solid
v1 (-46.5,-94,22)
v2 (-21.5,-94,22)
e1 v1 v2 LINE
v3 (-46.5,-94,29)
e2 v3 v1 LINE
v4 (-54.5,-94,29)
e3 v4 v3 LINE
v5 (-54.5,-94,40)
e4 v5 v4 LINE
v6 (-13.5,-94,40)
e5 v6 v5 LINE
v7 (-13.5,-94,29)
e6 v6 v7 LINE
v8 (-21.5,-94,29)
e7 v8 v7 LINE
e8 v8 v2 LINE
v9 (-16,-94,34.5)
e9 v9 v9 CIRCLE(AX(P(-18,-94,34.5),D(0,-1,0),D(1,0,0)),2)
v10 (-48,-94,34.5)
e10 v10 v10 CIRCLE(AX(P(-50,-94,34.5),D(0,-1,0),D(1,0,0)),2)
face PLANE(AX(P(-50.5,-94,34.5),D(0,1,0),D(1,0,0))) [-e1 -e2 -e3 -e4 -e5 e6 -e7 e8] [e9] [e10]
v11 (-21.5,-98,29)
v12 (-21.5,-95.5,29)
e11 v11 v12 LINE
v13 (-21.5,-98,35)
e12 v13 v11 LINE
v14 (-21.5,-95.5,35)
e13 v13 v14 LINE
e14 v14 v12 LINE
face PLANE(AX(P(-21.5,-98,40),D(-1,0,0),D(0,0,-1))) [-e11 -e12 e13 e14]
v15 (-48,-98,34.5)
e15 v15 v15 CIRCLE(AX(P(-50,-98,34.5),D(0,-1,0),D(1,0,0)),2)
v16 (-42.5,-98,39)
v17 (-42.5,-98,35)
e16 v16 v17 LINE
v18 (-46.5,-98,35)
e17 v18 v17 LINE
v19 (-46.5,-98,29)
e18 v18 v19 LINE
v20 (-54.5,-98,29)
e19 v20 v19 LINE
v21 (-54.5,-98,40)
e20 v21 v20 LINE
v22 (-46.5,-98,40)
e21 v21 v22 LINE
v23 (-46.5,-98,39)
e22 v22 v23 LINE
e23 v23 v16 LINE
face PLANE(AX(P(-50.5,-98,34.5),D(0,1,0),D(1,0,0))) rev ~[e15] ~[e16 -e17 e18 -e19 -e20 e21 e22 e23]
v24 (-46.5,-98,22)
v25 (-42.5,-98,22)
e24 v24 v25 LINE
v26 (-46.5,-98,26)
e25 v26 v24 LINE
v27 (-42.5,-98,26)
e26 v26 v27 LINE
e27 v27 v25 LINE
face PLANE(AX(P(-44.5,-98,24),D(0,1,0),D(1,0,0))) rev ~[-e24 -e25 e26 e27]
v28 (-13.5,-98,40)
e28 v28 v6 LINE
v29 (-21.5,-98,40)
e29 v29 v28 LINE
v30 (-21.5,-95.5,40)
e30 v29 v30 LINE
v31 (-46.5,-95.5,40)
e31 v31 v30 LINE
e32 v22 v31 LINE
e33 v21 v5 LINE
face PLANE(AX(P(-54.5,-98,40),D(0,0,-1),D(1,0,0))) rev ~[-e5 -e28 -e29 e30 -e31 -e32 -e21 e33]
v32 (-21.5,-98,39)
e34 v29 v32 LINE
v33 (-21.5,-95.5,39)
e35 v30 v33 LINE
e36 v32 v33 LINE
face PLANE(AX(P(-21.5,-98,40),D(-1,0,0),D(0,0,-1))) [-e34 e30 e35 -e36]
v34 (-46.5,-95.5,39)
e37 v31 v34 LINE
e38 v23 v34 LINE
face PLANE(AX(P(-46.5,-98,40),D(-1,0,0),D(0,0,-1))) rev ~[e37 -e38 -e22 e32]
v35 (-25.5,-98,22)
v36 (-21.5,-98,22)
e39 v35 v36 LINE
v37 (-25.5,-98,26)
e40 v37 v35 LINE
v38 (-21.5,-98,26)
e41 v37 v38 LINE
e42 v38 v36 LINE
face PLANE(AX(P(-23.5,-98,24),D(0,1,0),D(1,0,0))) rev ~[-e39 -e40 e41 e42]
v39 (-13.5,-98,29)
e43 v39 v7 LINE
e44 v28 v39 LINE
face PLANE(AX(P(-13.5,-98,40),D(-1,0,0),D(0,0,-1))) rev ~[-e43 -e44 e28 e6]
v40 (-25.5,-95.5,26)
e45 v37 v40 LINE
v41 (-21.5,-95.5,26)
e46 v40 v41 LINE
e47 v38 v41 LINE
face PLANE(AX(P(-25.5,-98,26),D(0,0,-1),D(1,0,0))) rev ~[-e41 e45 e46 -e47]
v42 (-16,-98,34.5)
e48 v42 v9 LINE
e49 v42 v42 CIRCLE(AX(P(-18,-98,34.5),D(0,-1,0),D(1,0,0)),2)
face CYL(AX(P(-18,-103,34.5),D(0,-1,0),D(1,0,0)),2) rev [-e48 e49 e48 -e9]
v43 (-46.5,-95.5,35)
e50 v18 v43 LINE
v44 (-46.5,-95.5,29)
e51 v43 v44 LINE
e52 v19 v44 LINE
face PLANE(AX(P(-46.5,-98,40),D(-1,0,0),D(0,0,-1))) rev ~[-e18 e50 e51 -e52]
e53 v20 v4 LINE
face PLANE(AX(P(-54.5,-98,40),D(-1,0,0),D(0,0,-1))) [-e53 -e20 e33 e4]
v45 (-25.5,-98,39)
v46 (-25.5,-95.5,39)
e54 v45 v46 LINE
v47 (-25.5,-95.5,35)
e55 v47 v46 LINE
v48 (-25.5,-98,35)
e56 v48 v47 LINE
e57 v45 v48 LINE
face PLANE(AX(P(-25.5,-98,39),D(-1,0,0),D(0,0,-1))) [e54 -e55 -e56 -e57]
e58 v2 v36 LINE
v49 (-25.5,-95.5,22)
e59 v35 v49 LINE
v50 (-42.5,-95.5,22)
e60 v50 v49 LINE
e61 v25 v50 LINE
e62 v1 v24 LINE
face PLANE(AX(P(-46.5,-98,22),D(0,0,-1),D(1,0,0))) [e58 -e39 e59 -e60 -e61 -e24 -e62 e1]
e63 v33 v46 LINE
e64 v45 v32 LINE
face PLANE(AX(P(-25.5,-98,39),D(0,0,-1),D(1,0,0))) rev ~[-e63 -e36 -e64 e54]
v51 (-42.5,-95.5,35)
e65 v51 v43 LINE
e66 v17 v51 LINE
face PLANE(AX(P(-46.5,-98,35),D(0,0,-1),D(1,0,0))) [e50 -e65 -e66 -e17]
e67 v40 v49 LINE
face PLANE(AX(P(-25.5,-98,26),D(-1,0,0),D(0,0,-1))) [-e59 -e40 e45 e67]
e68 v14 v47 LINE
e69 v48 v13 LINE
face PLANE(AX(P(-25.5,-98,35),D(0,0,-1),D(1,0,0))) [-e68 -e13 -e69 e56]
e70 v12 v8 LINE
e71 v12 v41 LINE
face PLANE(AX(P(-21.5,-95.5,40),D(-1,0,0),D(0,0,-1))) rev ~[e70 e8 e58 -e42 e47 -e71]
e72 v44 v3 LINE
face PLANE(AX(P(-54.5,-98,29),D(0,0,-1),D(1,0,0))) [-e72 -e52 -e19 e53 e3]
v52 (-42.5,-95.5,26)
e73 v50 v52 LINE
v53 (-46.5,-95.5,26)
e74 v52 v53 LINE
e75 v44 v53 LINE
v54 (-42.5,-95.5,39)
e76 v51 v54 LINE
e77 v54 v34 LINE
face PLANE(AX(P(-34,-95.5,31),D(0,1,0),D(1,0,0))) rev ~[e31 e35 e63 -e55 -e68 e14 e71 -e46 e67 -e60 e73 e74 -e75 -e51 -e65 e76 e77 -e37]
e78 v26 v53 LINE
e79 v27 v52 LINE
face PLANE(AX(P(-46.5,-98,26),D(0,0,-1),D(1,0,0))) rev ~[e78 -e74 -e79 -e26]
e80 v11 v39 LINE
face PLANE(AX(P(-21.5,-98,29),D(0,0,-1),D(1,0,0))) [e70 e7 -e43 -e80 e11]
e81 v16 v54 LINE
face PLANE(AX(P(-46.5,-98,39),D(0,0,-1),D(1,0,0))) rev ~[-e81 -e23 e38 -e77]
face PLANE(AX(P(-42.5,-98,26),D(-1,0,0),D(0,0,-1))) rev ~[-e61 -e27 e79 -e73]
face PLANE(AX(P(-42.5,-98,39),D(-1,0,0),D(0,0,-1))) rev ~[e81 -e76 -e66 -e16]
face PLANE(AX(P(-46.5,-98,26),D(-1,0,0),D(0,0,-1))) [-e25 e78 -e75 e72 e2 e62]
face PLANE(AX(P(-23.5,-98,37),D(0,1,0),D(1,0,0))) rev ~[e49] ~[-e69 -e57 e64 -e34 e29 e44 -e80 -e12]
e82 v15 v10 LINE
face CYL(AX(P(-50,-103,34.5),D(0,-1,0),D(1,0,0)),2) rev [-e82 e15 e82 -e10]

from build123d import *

# Parameters (mm, degrees)
CYLINDER399_R          = 2
CYLINDER399_DEPTH      = 13
CYLINDER398_R          = 2
CYLINDER398_DEPTH      = 13
BOX506_W               = 4
BOX506_H               = 4
BOX506_DEPTH           = 4
BOX510_W               = 25
BOX510_H               = 18
BOX510_DEPTH           = 1.5
BOX507_W               = 4
BOX507_H               = 4
BOX507_DEPTH           = 4
BOX509_W               = 4
BOX509_H               = 4
BOX509_DEPTH           = 4
BOX508_W               = 4
BOX508_H               = 4
BOX508_DEPTH           = 4
BOX511_W               = 8
BOX511_H               = 11
BOX511_DEPTH           = 4
BOX512_W               = 8
BOX512_H               = 11
BOX512_DEPTH           = 4
CUT427_PLACEMENT_ANGLE = 90


with BuildPart() as cylinder399:
    # Cylinder399 → Cylinder399 (new body)
    with BuildSketch(Plane(origin=(-48, -69, -5), x_dir=(1, 0, 0), z_dir=(0, 0, 1))):
        Circle(CYLINDER399_R)
    extrude(amount=CYLINDER399_DEPTH)


with BuildPart() as fusion396:
    # Cylinder398 → Cylinder398 (new body)
    with BuildSketch(Plane(origin=(-16, -69, -5), x_dir=(1, 0, 0), z_dir=(0, 0, 1))):
        Circle(CYLINDER398_R)
    extrude(amount=CYLINDER398_DEPTH)

    # Fusion396: union Cylinder399
    add(cylinder399.part)


with BuildPart() as fusion396_1:
    # Fusion396 placement: moved
    add(fusion396.part.moved(Location((-2.5, 50, 51))))


with BuildPart() as box506:
    # Box506 → Box506 (new body)
    with BuildSketch(Plane(origin=(-26, -10.5, 51), x_dir=(1, 0, 0), z_dir=(0, 0, 1))):
        with Locations((2, 2)):
            Rectangle(BOX506_W, BOX506_H)
    extrude(amount=BOX506_DEPTH)


with BuildPart() as box510:
    # Box510 → Box510 (new body)
    with BuildSketch(Plane(origin=(-47, -24.5, 53.5), x_dir=(1, 0, 0), z_dir=(0, 0, 1))):
        with Locations((12.5, 9)):
            Rectangle(BOX510_W, BOX510_H)
    extrude(amount=BOX510_DEPTH)


with BuildPart() as box507:
    # Box507 → Box507 (new body)
    with BuildSketch(Plane(origin=(-26, -23.5, 51), x_dir=(1, 0, 0), z_dir=(0, 0, 1))):
        with Locations((2, 2)):
            Rectangle(BOX507_W, BOX507_H)
    extrude(amount=BOX507_DEPTH)


with BuildPart() as box509:
    # Box509 → Box509 (new body)
    with BuildSketch(Plane(origin=(-47, -23.5, 51), x_dir=(1, 0, 0), z_dir=(0, 0, 1))):
        with Locations((2, 2)):
            Rectangle(BOX509_W, BOX509_H)
    extrude(amount=BOX509_DEPTH)


with BuildPart() as box508:
    # Box508 → Box508 (new body)
    with BuildSketch(Plane(origin=(-47, -10.5, 51), x_dir=(1, 0, 0), z_dir=(0, 0, 1))):
        with Locations((2, 2)):
            Rectangle(BOX508_W, BOX508_H)
    extrude(amount=BOX508_DEPTH)


with BuildPart() as box511:
    # Box511 → Box511 (new body)
    with BuildSketch(Plane(origin=(-55, -24.5, 51), x_dir=(1, 0, 0), z_dir=(0, 0, 1))):
        with Locations((4, 5.5)):
            Rectangle(BOX511_W, BOX511_H)
    extrude(amount=BOX511_DEPTH)


with BuildPart() as cut427:
    # Box512 → Box512 (new body)
    with BuildSketch(Plane(origin=(-22, -24.5, 51), x_dir=(1, 0, 0), z_dir=(0, 0, 1))):
        with Locations((4, 5.5)):
            Rectangle(BOX512_W, BOX512_H)
    extrude(amount=BOX512_DEPTH)

    # Fusion397: union Box506, Box510, Box507, Box509, Box508, Box511
    add(box506.part)
    add(box510.part)
    add(box507.part)
    add(box509.part)
    add(box508.part)
    add(box511.part)

    # Cut427: cut Fusion396
    add(fusion396_1.part, mode=Mode.SUBTRACT)


with BuildPart() as cut427_1:
    # Cut427 placement: moved
    add(cut427.part.moved(Location((0.5, -149, 15.5))).rotate(Axis((0.5, -149, 15.5), (-1, 0, 0)), CUT427_PLACEMENT_ANGLE))


solid = cut427_1.part
